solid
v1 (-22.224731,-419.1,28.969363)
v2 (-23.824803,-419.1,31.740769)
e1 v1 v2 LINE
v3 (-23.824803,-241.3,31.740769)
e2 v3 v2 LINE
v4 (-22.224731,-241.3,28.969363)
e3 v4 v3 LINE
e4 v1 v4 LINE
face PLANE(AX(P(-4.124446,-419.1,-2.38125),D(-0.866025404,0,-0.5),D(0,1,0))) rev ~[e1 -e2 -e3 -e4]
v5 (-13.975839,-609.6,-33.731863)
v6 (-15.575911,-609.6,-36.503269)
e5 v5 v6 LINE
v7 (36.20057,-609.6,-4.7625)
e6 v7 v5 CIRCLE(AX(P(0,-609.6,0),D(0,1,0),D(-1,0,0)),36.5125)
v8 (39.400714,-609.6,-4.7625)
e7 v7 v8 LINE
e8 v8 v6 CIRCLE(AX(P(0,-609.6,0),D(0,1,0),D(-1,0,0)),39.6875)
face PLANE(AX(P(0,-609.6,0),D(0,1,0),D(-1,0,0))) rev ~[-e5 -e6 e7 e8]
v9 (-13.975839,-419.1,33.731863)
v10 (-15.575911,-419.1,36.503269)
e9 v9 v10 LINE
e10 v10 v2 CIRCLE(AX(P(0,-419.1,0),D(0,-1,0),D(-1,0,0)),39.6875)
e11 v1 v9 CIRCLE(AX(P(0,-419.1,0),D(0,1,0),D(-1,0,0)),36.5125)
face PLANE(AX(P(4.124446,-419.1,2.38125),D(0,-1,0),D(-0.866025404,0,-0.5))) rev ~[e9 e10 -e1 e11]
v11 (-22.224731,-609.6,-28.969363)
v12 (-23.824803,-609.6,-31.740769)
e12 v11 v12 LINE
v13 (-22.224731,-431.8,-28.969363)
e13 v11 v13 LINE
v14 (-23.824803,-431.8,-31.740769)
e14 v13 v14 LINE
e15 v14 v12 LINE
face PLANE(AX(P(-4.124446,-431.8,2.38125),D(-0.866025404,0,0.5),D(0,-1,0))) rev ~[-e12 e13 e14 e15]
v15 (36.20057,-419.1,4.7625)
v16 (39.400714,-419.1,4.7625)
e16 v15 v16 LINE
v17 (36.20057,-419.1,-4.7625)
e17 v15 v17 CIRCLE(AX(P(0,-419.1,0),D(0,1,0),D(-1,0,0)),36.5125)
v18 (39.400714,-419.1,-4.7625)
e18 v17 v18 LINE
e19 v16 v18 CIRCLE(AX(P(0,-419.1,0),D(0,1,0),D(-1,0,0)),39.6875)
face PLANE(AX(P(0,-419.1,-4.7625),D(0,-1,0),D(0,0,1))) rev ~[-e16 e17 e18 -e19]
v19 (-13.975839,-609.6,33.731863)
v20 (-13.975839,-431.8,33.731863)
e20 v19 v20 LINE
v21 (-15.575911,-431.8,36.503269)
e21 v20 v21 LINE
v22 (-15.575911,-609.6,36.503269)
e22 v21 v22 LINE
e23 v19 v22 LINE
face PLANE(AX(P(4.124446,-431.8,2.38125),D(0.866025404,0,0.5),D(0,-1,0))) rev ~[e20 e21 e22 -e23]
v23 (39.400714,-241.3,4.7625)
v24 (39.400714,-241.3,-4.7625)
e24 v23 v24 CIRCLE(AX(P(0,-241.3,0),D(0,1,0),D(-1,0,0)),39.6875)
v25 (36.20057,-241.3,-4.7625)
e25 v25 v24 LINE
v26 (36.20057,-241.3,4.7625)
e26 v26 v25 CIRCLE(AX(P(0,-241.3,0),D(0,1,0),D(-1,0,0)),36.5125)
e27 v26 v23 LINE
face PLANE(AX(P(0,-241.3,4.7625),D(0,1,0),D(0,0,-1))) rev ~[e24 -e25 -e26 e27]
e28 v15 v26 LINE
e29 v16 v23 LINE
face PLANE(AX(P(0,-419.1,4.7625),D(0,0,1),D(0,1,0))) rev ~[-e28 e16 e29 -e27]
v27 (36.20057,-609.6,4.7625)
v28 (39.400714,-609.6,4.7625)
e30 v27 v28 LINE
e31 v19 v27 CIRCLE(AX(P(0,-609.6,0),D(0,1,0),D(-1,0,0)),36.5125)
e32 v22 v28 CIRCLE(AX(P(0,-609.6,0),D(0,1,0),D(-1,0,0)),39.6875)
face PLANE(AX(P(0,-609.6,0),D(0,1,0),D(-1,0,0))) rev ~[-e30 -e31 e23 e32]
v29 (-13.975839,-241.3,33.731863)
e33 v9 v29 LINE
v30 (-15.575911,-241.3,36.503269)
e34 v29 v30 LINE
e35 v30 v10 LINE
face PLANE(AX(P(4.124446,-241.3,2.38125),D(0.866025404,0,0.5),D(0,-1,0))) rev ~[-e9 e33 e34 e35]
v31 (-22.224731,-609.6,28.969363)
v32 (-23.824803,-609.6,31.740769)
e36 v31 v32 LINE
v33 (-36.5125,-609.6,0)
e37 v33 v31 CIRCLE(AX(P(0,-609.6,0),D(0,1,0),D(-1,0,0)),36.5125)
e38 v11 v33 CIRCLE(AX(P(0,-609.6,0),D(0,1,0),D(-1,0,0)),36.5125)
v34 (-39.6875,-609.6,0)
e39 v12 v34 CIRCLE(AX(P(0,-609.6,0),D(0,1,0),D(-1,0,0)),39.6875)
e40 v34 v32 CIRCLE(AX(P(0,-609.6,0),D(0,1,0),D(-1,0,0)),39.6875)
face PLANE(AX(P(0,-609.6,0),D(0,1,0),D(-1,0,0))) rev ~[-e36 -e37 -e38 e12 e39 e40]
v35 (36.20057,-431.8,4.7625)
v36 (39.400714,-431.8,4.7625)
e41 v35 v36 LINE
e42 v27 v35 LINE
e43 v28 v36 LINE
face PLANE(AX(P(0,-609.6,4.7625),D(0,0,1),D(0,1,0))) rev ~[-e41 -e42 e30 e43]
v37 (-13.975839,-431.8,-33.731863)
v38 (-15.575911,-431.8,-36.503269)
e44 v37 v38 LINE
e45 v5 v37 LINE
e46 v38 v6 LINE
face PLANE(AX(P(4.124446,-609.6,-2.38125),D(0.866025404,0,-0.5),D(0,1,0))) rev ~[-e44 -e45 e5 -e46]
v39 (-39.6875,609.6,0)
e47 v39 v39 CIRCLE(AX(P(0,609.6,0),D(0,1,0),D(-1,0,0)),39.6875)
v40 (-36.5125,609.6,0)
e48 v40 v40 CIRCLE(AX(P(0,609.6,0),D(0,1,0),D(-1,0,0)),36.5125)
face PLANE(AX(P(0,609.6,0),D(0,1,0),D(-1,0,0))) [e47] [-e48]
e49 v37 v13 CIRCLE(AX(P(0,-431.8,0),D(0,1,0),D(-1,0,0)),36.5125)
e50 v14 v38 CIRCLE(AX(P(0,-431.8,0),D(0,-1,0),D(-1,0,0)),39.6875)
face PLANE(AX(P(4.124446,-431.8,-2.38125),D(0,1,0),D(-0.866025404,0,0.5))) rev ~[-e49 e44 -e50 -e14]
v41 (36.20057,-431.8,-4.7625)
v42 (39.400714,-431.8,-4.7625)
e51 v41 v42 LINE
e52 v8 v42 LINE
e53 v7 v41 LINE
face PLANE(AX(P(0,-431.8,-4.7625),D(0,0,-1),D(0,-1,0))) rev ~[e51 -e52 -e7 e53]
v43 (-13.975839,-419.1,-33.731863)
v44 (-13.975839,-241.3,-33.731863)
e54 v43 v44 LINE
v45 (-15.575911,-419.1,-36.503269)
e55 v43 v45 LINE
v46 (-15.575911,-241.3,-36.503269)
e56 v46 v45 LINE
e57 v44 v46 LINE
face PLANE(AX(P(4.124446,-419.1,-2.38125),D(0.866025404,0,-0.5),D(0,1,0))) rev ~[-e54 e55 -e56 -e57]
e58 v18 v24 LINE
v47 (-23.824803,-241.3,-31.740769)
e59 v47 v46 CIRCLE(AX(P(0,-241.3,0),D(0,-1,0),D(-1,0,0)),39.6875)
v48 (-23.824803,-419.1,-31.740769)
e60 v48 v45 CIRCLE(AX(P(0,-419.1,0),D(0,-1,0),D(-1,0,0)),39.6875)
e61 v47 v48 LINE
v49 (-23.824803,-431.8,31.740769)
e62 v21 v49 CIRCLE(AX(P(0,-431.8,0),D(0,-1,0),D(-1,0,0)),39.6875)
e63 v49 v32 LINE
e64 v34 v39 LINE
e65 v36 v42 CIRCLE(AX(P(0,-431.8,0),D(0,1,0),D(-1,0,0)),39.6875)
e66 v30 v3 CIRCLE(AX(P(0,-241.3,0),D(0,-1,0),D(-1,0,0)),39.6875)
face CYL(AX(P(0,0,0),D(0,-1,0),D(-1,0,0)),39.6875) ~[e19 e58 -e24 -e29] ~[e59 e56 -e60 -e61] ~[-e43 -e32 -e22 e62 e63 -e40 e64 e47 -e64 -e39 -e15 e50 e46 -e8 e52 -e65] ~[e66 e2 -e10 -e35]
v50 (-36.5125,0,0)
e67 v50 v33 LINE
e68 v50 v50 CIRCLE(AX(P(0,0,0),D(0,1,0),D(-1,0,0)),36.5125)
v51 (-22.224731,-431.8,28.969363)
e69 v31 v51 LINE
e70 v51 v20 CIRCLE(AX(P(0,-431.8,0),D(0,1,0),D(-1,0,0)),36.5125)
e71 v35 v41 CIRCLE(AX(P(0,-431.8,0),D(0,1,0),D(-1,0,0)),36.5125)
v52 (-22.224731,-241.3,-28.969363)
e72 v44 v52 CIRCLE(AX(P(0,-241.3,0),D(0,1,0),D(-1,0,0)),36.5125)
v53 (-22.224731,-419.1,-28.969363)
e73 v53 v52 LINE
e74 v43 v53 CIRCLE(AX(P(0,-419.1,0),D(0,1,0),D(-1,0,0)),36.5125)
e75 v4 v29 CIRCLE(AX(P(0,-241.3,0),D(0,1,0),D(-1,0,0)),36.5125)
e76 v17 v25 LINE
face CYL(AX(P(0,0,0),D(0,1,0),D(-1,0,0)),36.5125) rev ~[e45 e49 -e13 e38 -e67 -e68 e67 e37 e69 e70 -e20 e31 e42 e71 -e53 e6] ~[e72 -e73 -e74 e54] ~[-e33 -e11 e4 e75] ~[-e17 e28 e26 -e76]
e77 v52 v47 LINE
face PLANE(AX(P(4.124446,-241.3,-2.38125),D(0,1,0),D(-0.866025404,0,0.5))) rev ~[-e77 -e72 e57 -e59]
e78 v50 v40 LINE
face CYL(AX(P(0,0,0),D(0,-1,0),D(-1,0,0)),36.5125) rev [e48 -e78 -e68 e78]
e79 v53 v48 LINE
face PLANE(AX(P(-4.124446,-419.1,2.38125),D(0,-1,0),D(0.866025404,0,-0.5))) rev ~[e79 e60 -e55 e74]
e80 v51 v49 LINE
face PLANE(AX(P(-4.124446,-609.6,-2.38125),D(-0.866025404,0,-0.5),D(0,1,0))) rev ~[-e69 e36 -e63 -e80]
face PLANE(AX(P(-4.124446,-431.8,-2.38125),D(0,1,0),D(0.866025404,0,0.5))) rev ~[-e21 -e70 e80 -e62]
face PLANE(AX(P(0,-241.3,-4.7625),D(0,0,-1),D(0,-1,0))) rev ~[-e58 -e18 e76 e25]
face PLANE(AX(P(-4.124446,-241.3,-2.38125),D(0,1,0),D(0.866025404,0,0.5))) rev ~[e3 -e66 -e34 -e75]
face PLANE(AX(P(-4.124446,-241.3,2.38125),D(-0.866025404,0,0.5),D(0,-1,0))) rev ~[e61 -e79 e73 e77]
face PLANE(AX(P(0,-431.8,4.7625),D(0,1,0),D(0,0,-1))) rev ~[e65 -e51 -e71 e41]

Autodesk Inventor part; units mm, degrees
ref_plane "YZ Plane" through (0, 0, 0) normal (1, 0, 0) x (0, 1, 0)
ref_plane "XZ Plane" through (0, 0, 0) normal (0, 1, 0) x (-1, 0, 0)
ref_plane "XY Plane" through (0, 0, 0) normal (0, 0, 1) x (1, 0, 0)
sketch "Sketch1" plane through (0, 0, 0) normal (0, 1, 0) x (-1, 0, 0)
  circle A0 centre (0, 0) radius 36.5125
  circle A1 centre (0, 0) radius 39.6875
  dimension "d0" = 73.025
  dimension "d1" = 79.375
extrude "Extrusion1" add sketch "Sketch1" along normal mid plane 1219.2
sketch "Sketch2" plane through (0, 0, 0) normal (1, 0, 0) x (0, 1, 0)
  line L0 (-609.6, 4.7625) -> (-431.8, 4.7625)
  line L1 (-431.8, 4.7625) -> (-431.8, -4.7625)
  line L2 (-431.8, -4.7625) -> (-609.6, -4.7625)
  line L3 (-609.6, -4.7625) -> (-609.6, 4.7625)
  line L4 (-609.6, 39.6875) -> (-609.6, -39.6875) projected
  line L5 (-609.6, 39.6875) -> (-609.6, -39.6875) projected
  line L6 (609.6, -39.6875) -> (609.6, 39.6875) projected
  line L7 (-609.6, -39.6875) -> (609.6, -39.6875) projected
  line L8 (-419.1, 4.7625) -> (-241.3, 4.7625)
  line L9 (-241.3, 4.7625) -> (-241.3, -4.7625)
  line L10 (-241.3, -4.7625) -> (-419.1, -4.7625)
  line L11 (-419.1, -4.7625) -> (-419.1, 4.7625)
  point P0 (0, 0)
  dimension "d4" = 177.8
  dimension "d5" = 9.525
  dimension "d6" = 34.925
  dimension "d12" = 177.8
  dimension "d13" = 9.525
  dimension "d14" = 12.7
extrude "Extrusion2" cut sketch "Sketch2" along normal blind 76.2
pattern_circular "Circular Pattern1" count 3 over 360 about axis through (0, 0, 0) along (0, 1, 0) of "Extrusion2"
equation "\"d13\" = d5"
